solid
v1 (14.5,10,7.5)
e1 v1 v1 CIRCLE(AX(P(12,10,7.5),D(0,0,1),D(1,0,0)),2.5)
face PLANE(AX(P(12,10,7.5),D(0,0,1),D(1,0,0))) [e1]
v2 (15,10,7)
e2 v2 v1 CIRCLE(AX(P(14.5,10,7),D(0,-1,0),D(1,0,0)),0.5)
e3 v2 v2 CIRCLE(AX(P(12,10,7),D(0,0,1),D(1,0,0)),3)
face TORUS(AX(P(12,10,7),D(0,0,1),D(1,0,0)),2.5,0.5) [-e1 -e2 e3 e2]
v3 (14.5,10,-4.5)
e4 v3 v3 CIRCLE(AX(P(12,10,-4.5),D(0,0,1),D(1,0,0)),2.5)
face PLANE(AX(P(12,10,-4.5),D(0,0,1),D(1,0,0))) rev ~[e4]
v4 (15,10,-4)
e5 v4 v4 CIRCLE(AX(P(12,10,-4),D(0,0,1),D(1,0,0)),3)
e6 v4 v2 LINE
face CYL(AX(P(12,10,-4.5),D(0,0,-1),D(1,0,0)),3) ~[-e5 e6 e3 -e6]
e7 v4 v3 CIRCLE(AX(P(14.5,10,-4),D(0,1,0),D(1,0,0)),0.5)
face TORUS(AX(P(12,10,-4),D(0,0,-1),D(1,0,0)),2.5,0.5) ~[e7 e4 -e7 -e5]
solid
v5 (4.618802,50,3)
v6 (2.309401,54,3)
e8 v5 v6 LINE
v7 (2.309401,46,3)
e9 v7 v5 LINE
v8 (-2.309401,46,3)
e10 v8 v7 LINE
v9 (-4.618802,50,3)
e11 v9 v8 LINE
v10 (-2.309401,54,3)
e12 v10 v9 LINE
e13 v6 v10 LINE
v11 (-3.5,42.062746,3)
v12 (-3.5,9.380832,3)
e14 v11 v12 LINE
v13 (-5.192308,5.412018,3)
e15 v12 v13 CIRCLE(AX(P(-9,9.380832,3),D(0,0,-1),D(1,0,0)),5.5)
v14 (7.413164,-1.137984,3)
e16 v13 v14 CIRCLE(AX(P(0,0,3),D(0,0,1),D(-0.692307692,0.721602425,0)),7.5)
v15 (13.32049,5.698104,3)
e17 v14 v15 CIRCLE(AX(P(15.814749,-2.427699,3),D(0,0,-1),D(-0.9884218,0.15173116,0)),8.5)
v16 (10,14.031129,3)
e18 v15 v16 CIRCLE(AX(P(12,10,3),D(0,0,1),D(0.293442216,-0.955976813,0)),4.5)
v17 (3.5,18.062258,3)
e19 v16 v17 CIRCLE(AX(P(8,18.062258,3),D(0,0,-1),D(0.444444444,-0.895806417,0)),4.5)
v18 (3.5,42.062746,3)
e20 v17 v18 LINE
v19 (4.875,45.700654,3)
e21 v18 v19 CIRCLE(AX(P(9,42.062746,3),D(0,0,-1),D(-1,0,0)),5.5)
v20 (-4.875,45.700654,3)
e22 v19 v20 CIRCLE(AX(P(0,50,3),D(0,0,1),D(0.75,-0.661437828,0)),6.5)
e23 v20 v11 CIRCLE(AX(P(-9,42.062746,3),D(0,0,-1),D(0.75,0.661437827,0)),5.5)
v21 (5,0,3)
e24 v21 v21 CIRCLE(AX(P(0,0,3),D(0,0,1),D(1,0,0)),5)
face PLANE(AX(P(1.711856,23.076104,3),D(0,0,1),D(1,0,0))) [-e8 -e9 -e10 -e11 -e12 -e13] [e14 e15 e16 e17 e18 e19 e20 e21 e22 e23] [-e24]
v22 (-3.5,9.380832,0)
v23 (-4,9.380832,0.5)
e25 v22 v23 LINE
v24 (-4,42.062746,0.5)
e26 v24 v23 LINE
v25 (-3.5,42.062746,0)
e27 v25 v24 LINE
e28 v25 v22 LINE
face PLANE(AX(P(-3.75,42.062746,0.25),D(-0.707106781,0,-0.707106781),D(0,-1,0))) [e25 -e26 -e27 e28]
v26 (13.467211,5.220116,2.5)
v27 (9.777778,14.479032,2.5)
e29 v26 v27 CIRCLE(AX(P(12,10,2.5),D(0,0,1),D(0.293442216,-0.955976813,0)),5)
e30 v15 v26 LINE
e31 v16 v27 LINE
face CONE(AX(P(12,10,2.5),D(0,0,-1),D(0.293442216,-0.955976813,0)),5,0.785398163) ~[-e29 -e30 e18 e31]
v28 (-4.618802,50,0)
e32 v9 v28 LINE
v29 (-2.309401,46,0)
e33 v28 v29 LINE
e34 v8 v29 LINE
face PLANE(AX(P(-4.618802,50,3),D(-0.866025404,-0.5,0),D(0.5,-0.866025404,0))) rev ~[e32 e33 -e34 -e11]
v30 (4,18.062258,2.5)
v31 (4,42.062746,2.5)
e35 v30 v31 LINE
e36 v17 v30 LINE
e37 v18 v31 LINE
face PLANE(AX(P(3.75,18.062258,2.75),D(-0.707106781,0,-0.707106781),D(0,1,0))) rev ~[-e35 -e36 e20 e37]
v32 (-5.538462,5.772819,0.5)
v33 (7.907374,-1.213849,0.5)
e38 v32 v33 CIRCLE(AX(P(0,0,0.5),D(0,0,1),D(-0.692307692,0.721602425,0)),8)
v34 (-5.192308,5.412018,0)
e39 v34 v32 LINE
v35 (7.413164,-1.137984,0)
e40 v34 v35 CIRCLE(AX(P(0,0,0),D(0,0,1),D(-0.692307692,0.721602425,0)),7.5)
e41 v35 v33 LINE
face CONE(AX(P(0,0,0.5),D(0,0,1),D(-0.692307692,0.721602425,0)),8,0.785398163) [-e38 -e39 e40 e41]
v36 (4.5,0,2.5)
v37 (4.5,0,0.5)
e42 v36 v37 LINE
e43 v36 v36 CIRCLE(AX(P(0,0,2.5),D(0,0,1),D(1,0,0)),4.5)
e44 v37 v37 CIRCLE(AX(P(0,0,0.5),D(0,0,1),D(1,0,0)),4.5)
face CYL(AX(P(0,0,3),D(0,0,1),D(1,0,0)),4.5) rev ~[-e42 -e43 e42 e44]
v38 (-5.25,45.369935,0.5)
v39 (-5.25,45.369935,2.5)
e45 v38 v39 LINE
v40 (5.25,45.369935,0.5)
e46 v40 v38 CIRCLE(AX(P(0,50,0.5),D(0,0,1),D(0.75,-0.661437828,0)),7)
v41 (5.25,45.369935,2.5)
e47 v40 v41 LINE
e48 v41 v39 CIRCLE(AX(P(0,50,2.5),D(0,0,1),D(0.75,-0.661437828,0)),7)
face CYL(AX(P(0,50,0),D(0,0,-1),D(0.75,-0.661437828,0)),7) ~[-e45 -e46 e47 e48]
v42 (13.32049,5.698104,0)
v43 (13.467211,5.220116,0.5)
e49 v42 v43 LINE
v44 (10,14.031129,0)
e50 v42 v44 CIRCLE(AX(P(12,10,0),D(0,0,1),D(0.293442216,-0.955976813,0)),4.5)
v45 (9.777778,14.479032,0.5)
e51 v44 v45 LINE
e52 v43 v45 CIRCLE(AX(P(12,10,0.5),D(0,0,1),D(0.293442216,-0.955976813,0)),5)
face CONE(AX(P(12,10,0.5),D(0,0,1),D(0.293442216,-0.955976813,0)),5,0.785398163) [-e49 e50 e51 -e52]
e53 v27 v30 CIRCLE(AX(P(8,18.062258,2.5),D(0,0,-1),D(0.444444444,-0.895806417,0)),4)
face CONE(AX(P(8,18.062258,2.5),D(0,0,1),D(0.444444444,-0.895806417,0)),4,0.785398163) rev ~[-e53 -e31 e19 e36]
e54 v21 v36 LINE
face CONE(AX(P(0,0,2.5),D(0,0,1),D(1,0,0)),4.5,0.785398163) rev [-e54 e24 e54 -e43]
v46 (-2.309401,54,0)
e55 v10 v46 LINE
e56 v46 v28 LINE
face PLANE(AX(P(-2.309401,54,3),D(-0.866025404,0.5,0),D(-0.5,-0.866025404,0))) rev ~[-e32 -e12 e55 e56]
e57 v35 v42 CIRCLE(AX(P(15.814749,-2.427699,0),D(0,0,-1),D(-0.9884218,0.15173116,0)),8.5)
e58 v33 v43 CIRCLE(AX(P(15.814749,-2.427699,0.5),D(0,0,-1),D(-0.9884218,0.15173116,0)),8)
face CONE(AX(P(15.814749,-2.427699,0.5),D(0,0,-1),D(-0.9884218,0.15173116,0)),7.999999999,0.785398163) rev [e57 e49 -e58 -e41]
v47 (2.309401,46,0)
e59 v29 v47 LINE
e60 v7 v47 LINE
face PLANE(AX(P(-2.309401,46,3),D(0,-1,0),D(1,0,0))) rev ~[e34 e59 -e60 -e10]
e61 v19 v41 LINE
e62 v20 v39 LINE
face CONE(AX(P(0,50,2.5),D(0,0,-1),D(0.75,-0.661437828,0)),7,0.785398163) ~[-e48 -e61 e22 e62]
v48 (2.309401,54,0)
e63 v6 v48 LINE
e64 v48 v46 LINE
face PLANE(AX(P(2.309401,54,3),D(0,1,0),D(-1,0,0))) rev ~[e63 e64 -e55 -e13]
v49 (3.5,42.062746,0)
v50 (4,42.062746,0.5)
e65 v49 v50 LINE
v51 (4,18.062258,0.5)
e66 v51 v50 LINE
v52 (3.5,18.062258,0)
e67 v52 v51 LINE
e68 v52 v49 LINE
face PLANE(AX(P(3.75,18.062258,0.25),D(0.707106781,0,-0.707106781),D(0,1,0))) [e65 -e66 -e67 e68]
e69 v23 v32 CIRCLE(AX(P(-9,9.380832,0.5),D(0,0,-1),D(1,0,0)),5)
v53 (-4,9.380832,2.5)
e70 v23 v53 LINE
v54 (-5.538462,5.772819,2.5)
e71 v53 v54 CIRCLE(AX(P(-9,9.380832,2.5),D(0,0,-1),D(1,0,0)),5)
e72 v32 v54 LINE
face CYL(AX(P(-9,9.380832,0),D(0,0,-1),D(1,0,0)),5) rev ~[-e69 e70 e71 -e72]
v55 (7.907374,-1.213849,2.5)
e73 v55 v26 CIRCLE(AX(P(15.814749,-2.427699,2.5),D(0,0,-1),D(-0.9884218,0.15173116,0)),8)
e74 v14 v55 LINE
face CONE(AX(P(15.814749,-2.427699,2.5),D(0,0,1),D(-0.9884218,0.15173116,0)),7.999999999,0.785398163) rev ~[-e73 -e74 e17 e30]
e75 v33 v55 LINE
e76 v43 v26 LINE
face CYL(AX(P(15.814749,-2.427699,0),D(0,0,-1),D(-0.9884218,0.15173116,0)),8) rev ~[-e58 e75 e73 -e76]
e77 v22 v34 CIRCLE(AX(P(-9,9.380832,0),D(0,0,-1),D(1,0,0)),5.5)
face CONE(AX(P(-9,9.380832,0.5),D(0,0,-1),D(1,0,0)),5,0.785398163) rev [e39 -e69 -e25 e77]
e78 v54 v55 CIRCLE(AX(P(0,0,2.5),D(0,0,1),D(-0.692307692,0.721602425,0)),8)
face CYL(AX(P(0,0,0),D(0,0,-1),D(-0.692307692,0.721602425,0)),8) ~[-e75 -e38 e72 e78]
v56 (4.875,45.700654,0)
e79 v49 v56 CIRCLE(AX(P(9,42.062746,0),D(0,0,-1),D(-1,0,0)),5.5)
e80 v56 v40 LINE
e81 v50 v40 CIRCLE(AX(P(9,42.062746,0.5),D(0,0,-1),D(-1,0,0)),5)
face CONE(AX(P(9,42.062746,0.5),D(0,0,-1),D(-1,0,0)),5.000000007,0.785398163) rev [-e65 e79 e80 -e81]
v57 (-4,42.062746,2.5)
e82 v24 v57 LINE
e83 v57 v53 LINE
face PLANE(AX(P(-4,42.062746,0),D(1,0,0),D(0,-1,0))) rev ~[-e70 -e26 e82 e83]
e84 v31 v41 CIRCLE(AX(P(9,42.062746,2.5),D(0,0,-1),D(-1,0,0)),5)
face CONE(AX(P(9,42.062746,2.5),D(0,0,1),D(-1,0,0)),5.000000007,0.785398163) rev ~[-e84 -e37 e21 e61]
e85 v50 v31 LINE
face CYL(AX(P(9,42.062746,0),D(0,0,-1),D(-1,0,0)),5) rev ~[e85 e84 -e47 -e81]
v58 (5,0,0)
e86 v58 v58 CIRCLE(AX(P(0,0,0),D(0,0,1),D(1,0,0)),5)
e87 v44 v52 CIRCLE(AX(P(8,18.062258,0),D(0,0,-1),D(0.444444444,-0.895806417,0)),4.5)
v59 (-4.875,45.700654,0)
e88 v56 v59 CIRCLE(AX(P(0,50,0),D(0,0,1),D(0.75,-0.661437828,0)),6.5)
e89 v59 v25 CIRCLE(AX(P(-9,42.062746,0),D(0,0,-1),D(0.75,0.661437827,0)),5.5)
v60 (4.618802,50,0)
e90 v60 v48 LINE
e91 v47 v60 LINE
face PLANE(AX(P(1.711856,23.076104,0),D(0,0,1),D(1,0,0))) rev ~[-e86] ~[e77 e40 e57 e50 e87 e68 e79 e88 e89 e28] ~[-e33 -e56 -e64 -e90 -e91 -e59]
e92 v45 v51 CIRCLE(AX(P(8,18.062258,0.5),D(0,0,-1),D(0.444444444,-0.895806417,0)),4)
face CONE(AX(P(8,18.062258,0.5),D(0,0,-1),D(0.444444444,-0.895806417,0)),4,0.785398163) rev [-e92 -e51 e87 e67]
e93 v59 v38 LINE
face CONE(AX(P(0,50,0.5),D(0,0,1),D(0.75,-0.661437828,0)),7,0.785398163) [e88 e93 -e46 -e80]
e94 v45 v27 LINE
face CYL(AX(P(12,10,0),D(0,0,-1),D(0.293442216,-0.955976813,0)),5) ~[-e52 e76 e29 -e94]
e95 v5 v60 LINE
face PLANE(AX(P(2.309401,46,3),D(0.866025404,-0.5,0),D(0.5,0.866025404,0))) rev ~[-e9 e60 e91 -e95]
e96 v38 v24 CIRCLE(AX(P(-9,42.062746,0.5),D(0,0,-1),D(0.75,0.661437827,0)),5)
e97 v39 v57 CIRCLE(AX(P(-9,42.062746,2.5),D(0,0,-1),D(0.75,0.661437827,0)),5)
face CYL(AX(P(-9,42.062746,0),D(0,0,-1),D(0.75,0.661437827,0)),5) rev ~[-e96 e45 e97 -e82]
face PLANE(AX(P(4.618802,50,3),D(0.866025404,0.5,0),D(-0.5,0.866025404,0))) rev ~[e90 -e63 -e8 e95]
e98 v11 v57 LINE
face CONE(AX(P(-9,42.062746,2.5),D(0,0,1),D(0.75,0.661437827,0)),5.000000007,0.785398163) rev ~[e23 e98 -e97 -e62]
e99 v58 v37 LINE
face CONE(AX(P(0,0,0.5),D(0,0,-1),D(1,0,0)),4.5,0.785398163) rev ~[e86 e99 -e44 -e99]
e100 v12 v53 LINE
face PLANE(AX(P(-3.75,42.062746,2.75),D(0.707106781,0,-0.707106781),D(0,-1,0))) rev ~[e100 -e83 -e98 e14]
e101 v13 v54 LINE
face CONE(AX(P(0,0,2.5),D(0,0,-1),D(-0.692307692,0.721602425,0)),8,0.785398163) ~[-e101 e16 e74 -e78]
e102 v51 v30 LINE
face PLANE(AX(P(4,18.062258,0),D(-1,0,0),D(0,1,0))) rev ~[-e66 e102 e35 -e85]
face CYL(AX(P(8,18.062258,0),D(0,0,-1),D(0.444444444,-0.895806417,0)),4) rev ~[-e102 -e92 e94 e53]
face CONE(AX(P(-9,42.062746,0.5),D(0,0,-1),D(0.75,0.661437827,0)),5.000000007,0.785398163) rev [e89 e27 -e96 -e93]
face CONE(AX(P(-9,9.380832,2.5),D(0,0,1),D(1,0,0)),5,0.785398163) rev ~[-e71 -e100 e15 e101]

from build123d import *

# Parameters (mm, degrees)
BOSS_EXTRUDE1_DEPTH      = 3
SKETCH2_R                = 4.5
CUT_EXTRUDE1_DEPTH       = 3
BOSS_EXTRUDE4_DEPTH      = 4.5
BOSS_EXTRUDE4_DEPTH_BACK = 7.5
SKETCH2_5_R              = 3
CHAMFER1_SIZE            = 0.5
FILLET1_R                = 0.5


with BuildPart() as part:
    # Sketch1 → Boss-Extrude1 (new body)
    with BuildSketch(Plane.XY):
        with BuildLine():
            Line((-4, 42.062746067), (-4, 9.38083152))
            ThreePointArc((-4, 9.38083152), (-4.400668945, 7.419670168), (-5.538461538, 5.772819397))
            ThreePointArc((-5.538461538, 5.772819397), (-3.688674808, -7.098850481), (7.907374401, -1.213849282))
            ThreePointArc((7.907374401, -1.213849282), (9.761668365, 2.803000933), (13.467211078, 5.220115937))
            ThreePointArc((13.467211078, 5.220115937), (16.64482427, 11.850839674), (9.777777778, 14.479032082))
            ThreePointArc((9.777777778, 14.479032082), (5.891814893, 14.662911406), (4, 18.062257748))
            Line((4, 18.062257748), (4, 42.062746067))
            ThreePointArc((4, 42.062746067), (4.322928267, 43.83051302), (5.25, 45.369935206))
            ThreePointArc((5.25, 45.369935206), (0, 57), (-5.25, 45.369935206))
            ThreePointArc((-5.25, 45.369935206), (-4.322928267, 43.83051302), (-4, 42.062746067))
        make_face()
    extrude(amount=BOSS_EXTRUDE1_DEPTH)

    # Sketch2 → Cut-Extrude1 (cut)
    with BuildSketch(Plane.XY.offset(3)):
        Circle(SKETCH2_R)
        Polygon((4.618802154, 50), (2.309401077, 54), (-2.309401077, 54), (-4.618802154, 50), (-2.309401077, 46), (2.309401077, 46), align=None)
    extrude(amount=-CUT_EXTRUDE1_DEPTH, mode=Mode.SUBTRACT)

    # Chamfer1
    chamfer1_edges = [part.edges().sort_by_distance(p)[0] for p in [
        (9.761668365, 2.803000933, 3),
        (0, 57, 0),
        (4.322928267, 43.83051302, 0),
        (4, 30.062501908, 0),
        (5.891814893, 14.662911406, 0),
        (16.64482427, 11.850839674, 0),
        (9.761668365, 2.803000933, 0),
        (-3.688674808, -7.098850481, 0),
        (-4.400668945, 7.419670168, 0),
        (16.64482427, 11.850839674, 3),
        (5.891814893, 14.662911406, 3),
        (4, 30.062501908, 3),
        (4.322928267, 43.83051302, 3),
        (0, 57, 3),
        (-4.322928267, 43.83051302, 3),
        (-4, 25.721788793, 3),
        (-4.400668945, 7.419670168, 3),
        (-4.5, 0, 0),
        (-4.5, 0, 3),
        (-3.688674808, -7.098850481, 3),
        (-4, 25.721788793, 0),
        (-4.322928267, 43.83051302, 0),
    ]]
    chamfer(chamfer1_edges, length=CHAMFER1_SIZE)


with BuildPart() as body_2:
    # Sketch2<5> → Boss-Extrude4 (new, two sides: drawn at the far end of the back side and taken through both)
    with BuildSketch(Plane.XY.offset(3).offset(-BOSS_EXTRUDE4_DEPTH_BACK)):
        with Locations((12, 10)):
            Circle(SKETCH2_5_R)
    extrude(amount=BOSS_EXTRUDE4_DEPTH + BOSS_EXTRUDE4_DEPTH_BACK)

    # Fillet1
    fillet1_edges = [body_2.edges().sort_by_distance(p)[0] for p in [
        (9, 10, -4.5),
        (9, 10, 7.5),
    ]]
    fillet(fillet1_edges, radius=FILLET1_R)


solid = Compound([part.part, body_2.part])
